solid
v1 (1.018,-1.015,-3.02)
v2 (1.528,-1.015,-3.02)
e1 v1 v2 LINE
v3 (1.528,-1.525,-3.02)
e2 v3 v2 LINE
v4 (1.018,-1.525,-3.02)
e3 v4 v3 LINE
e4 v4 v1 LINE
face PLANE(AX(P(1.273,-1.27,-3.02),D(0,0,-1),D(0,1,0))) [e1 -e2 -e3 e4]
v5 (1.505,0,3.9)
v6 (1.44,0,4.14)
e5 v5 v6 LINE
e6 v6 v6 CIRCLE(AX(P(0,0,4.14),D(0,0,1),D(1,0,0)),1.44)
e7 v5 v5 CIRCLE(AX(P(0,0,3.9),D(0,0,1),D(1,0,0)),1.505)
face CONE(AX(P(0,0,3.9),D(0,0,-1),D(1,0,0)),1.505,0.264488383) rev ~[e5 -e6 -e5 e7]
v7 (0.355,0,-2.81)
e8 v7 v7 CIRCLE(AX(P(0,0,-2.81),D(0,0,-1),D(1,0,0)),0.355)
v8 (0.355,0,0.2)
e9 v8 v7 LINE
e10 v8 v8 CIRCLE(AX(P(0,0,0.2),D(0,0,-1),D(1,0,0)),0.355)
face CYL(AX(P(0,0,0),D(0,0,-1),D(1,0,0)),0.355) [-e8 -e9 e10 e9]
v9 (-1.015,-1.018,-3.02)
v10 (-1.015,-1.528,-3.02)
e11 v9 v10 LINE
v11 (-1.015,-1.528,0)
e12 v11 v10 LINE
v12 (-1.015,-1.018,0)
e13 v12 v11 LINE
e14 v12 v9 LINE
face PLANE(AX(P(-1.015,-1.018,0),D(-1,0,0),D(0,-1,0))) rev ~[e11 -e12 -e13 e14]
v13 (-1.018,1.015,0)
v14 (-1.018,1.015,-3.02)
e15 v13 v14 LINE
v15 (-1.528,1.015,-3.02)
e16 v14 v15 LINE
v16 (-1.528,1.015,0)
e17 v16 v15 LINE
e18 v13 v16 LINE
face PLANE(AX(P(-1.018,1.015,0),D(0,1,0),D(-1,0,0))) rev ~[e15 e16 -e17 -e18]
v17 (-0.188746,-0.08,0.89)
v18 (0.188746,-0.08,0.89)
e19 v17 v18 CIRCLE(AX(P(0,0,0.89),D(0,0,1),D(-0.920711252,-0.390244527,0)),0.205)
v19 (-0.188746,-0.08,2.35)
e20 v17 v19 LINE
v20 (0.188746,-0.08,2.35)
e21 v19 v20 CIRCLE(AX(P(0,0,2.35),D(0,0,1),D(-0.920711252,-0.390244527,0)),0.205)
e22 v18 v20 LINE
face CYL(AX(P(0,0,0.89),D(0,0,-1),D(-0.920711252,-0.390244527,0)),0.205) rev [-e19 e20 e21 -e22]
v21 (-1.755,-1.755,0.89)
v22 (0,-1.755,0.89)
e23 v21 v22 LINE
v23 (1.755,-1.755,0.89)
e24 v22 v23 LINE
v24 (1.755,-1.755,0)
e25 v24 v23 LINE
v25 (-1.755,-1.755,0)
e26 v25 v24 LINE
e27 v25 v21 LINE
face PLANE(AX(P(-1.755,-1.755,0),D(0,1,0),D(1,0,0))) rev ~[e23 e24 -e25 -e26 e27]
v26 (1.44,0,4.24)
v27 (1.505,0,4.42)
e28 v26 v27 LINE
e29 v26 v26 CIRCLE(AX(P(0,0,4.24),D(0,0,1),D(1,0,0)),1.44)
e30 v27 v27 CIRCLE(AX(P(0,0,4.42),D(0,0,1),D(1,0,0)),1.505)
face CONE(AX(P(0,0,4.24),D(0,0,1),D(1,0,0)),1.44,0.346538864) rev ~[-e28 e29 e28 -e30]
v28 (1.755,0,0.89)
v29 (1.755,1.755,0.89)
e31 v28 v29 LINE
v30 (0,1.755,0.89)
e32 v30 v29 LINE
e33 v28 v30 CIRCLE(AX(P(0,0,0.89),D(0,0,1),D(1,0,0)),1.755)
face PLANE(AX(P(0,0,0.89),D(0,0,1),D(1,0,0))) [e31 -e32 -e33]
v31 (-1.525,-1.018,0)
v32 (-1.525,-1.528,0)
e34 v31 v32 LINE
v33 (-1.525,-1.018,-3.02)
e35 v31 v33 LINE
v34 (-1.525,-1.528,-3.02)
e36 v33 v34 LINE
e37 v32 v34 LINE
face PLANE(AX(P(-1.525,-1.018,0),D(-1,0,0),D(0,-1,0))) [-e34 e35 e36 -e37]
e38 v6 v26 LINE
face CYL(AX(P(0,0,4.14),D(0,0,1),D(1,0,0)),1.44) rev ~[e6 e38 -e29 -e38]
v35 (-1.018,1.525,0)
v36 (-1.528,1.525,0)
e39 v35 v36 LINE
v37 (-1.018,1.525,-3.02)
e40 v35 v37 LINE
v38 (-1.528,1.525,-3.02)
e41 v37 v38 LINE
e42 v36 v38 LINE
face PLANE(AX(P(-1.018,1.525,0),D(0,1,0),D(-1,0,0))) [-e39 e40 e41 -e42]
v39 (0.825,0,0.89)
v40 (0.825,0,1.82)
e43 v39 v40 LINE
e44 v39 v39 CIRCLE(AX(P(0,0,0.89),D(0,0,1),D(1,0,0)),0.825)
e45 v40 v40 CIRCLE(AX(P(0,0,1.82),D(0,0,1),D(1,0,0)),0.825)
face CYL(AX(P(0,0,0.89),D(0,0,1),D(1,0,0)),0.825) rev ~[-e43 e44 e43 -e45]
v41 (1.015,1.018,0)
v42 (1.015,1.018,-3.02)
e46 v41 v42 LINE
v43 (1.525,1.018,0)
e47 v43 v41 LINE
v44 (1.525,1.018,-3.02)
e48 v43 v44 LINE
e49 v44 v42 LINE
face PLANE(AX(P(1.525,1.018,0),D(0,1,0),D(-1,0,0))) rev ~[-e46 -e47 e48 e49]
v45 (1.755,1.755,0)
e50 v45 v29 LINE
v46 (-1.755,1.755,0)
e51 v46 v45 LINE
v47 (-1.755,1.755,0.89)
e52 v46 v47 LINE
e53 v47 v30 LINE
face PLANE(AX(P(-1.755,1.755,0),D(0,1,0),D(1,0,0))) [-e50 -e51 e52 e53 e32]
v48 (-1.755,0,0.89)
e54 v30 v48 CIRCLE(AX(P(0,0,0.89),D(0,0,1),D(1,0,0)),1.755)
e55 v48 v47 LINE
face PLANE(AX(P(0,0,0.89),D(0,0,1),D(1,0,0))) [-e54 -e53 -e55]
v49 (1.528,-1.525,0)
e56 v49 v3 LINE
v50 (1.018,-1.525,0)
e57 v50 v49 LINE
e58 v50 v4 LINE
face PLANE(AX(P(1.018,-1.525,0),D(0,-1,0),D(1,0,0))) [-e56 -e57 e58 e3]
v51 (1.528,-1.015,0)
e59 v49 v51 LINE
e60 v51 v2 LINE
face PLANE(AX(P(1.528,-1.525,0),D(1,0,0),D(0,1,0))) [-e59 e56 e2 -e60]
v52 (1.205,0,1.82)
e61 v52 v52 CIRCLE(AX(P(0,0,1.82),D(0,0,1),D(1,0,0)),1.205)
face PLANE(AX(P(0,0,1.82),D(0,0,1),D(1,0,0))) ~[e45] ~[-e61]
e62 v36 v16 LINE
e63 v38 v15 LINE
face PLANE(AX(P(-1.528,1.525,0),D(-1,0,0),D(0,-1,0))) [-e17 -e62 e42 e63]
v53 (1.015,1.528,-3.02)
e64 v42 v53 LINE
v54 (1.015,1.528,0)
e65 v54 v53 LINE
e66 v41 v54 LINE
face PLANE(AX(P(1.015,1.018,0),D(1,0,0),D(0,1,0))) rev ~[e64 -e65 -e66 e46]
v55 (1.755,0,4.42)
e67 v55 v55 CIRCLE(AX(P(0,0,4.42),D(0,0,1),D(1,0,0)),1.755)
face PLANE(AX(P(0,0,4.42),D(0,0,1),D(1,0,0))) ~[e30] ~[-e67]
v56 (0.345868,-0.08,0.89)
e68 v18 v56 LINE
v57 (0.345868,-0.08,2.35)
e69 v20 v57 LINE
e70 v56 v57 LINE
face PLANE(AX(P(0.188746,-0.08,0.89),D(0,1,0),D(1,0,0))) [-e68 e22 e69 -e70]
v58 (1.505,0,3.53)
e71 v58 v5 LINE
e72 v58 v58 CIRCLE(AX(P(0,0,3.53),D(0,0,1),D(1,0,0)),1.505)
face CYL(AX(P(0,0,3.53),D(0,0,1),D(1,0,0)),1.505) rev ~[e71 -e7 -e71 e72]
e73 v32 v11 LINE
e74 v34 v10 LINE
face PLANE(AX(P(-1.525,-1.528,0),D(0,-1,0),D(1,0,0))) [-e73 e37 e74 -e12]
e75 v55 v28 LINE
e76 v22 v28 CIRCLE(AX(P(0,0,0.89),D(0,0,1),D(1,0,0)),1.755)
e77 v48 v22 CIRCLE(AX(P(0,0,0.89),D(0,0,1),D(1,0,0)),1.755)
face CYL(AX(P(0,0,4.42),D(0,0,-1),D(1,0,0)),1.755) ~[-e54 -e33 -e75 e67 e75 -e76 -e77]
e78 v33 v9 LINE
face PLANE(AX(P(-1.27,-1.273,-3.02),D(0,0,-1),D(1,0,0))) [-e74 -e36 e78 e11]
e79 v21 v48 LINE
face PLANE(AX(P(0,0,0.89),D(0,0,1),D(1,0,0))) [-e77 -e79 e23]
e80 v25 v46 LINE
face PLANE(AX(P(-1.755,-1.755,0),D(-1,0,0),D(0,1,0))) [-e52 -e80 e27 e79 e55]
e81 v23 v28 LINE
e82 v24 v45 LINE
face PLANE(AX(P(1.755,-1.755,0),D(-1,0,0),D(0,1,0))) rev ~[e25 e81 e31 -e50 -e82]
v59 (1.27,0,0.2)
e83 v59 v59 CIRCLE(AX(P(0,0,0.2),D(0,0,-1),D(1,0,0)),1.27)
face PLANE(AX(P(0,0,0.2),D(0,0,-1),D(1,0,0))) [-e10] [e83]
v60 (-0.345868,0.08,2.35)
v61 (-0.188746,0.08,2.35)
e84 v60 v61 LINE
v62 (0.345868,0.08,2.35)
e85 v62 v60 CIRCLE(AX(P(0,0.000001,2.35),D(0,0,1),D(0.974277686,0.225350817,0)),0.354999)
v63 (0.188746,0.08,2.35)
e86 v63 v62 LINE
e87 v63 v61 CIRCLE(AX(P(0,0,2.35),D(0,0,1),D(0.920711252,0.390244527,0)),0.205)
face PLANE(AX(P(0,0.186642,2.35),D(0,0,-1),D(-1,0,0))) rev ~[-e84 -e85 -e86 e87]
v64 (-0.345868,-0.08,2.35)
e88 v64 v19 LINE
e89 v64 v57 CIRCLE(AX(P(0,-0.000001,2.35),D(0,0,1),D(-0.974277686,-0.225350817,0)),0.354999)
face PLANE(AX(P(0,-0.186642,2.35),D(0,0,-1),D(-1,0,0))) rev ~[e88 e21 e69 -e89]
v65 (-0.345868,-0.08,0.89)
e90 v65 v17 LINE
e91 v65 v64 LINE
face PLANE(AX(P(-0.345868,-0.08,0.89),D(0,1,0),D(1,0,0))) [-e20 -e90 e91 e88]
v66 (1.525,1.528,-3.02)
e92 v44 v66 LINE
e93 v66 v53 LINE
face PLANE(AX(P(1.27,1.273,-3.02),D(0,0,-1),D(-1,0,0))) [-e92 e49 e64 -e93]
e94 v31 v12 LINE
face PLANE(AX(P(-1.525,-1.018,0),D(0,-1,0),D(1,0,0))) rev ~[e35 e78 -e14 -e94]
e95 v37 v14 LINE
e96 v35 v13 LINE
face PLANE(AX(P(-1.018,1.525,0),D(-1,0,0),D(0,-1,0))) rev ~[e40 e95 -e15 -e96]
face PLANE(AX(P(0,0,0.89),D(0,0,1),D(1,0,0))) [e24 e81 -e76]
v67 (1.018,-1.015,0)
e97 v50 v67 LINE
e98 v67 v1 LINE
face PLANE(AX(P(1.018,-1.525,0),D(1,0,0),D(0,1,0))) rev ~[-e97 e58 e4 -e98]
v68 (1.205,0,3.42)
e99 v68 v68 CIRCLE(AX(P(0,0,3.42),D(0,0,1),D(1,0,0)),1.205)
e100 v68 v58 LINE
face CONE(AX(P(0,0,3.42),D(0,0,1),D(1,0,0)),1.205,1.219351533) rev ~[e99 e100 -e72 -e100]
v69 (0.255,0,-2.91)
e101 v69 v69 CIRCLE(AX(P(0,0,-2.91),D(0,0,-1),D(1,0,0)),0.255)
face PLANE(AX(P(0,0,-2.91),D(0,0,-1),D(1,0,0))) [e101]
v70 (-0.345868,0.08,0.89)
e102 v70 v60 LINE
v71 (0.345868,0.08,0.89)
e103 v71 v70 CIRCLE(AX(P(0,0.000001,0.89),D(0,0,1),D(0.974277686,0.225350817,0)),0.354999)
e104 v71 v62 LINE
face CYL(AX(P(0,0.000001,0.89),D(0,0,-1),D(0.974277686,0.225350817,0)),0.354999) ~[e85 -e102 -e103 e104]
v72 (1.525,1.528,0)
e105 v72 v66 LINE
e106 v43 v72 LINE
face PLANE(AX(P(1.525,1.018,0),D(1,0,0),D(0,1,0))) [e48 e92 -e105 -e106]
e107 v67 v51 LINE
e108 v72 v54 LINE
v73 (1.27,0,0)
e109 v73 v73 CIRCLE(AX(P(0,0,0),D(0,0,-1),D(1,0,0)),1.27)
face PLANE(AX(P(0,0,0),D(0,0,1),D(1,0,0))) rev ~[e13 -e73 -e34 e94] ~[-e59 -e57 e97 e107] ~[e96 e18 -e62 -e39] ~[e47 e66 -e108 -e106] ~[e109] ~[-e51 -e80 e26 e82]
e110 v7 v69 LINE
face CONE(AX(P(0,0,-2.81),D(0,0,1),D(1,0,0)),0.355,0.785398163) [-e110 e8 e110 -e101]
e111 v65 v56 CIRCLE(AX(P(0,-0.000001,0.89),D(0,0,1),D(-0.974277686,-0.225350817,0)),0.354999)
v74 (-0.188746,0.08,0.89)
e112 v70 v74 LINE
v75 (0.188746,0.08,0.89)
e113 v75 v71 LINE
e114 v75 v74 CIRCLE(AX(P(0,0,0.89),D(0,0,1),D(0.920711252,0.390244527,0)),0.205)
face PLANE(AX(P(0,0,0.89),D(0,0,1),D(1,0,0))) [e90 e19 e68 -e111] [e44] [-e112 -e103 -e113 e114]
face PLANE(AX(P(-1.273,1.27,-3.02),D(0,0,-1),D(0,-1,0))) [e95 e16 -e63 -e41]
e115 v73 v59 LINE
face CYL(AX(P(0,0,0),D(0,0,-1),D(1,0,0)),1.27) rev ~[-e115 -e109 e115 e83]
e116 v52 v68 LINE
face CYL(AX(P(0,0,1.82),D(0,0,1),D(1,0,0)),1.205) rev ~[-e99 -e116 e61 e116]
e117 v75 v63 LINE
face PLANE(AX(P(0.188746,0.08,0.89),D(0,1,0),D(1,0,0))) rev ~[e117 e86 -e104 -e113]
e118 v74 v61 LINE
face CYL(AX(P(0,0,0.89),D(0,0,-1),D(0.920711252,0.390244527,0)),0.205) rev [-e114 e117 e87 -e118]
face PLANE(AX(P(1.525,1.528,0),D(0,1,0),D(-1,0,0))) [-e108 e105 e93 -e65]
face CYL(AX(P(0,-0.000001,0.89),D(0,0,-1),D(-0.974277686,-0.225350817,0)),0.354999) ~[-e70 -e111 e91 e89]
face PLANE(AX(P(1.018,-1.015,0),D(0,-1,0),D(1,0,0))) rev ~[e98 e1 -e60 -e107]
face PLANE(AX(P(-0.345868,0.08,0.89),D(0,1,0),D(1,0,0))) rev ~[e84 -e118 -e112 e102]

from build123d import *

# Parameters (mm, degrees)
SKETCH_W           = 3.51
SKETCH_H           = 3.51
PAD_DEPTH          = 0.89
SKETCH003_R        = 0.355
PAD002_DEPTH       = 2.91
PAD003_DEPTH       = 1.46
SKETCH005_R        = 1.27
SKETCH005_R_2      = 0.355
POCKET_DEPTH       = 0.2
SKETCH002_W        = 0.51
SKETCH002_H        = 0.51
PAD005_DEPTH       = 3.02
POLARPATTERN_COUNT = 4
CHAMFER_SIZE       = 0.1


with BuildPart() as part:
    # Sketch → Pad (new body)
    with BuildSketch(Plane.XY):
        Rectangle(SKETCH_W, SKETCH_H)
    extrude(amount=PAD_DEPTH)

    # Sketch001 → Revolution (revolve)
    with BuildSketch(Plane.XZ):
        Polygon((1.755, 0.89), (0.825, 0.89), (0.825, 1.82), (1.205, 1.82), (1.205, 3.42), (1.505, 3.53), (1.505, 3.9), (1.44, 4.14), (1.44, 4.24), (1.505, 4.42), (1.755, 4.42), align=None)
    revolve(axis=Axis((0, 0, 0), (0, 0, 1)))

    # Sketch003 → Pad002 (join)
    with BuildSketch(Plane(origin=(0, 0, 0), x_dir=(1, 0, 0), z_dir=(0, 0, -1))):
        Circle(SKETCH003_R)
    extrude(amount=PAD002_DEPTH)

    # Sketch004 → Pad003 (join)
    with BuildSketch(Plane.XY.offset(0.89)):
        with BuildLine():
            ThreePointArc((0.188746, 0.08), (0, 0.205), (-0.188746, 0.08))
            Line((-0.345868, 0.08), (-0.188746, 0.08))
            ThreePointArc((0.345868, 0.08), (0, 0.355), (-0.345868, 0.08))
            Line((0.188746, 0.08), (0.345868, 0.08))
        make_face()
        with BuildLine():
            ThreePointArc((-0.188746, -0.08), (0, -0.205), (0.188746, -0.08))
            Line((0.188746, -0.08), (0.345868, -0.08))
            ThreePointArc((-0.345868, -0.08), (0, -0.355), (0.345868, -0.08))
            Line((-0.345868, -0.08), (-0.188746, -0.08))
        make_face()
    extrude(amount=PAD003_DEPTH)

    # Sketch005 (on Face3 of Pad003) → Pocket (cut)
    with BuildSketch(Plane(origin=(0, 0, 0), x_dir=(1, 0, 0), z_dir=(0, 0, -1))):
        Circle(SKETCH005_R)
        Circle(SKETCH005_R_2, mode=Mode.SUBTRACT)
    extrude(amount=-POCKET_DEPTH, mode=Mode.SUBTRACT)

    # Sketch002 (on Face1 of Revolution) → Pad005 (join)
    with BuildSketch(Plane(origin=(0, 0, 0), x_dir=(1, 0, 0), z_dir=(0, 0, -1))):
        with Locations((-1.27, 1.273)):
            Rectangle(SKETCH002_W, SKETCH002_H)
    pad005 = extrude(amount=PAD005_DEPTH)

    # PolarPattern: Pad005 ×4 about axis
    polarpattern_axis = Axis((0, 0, 0), (0, 0, -1))
    for i in range(1, POLARPATTERN_COUNT):
        add(pad005.rotate(polarpattern_axis, i * 360 / POLARPATTERN_COUNT))

    # Chamfer
    chamfer_edges = [part.edges().sort_by_distance(p)[0] for p in [
        (-0.355, 0, -2.91),
    ]]
    chamfer(chamfer_edges, length=CHAMFER_SIZE)


solid = part.part
